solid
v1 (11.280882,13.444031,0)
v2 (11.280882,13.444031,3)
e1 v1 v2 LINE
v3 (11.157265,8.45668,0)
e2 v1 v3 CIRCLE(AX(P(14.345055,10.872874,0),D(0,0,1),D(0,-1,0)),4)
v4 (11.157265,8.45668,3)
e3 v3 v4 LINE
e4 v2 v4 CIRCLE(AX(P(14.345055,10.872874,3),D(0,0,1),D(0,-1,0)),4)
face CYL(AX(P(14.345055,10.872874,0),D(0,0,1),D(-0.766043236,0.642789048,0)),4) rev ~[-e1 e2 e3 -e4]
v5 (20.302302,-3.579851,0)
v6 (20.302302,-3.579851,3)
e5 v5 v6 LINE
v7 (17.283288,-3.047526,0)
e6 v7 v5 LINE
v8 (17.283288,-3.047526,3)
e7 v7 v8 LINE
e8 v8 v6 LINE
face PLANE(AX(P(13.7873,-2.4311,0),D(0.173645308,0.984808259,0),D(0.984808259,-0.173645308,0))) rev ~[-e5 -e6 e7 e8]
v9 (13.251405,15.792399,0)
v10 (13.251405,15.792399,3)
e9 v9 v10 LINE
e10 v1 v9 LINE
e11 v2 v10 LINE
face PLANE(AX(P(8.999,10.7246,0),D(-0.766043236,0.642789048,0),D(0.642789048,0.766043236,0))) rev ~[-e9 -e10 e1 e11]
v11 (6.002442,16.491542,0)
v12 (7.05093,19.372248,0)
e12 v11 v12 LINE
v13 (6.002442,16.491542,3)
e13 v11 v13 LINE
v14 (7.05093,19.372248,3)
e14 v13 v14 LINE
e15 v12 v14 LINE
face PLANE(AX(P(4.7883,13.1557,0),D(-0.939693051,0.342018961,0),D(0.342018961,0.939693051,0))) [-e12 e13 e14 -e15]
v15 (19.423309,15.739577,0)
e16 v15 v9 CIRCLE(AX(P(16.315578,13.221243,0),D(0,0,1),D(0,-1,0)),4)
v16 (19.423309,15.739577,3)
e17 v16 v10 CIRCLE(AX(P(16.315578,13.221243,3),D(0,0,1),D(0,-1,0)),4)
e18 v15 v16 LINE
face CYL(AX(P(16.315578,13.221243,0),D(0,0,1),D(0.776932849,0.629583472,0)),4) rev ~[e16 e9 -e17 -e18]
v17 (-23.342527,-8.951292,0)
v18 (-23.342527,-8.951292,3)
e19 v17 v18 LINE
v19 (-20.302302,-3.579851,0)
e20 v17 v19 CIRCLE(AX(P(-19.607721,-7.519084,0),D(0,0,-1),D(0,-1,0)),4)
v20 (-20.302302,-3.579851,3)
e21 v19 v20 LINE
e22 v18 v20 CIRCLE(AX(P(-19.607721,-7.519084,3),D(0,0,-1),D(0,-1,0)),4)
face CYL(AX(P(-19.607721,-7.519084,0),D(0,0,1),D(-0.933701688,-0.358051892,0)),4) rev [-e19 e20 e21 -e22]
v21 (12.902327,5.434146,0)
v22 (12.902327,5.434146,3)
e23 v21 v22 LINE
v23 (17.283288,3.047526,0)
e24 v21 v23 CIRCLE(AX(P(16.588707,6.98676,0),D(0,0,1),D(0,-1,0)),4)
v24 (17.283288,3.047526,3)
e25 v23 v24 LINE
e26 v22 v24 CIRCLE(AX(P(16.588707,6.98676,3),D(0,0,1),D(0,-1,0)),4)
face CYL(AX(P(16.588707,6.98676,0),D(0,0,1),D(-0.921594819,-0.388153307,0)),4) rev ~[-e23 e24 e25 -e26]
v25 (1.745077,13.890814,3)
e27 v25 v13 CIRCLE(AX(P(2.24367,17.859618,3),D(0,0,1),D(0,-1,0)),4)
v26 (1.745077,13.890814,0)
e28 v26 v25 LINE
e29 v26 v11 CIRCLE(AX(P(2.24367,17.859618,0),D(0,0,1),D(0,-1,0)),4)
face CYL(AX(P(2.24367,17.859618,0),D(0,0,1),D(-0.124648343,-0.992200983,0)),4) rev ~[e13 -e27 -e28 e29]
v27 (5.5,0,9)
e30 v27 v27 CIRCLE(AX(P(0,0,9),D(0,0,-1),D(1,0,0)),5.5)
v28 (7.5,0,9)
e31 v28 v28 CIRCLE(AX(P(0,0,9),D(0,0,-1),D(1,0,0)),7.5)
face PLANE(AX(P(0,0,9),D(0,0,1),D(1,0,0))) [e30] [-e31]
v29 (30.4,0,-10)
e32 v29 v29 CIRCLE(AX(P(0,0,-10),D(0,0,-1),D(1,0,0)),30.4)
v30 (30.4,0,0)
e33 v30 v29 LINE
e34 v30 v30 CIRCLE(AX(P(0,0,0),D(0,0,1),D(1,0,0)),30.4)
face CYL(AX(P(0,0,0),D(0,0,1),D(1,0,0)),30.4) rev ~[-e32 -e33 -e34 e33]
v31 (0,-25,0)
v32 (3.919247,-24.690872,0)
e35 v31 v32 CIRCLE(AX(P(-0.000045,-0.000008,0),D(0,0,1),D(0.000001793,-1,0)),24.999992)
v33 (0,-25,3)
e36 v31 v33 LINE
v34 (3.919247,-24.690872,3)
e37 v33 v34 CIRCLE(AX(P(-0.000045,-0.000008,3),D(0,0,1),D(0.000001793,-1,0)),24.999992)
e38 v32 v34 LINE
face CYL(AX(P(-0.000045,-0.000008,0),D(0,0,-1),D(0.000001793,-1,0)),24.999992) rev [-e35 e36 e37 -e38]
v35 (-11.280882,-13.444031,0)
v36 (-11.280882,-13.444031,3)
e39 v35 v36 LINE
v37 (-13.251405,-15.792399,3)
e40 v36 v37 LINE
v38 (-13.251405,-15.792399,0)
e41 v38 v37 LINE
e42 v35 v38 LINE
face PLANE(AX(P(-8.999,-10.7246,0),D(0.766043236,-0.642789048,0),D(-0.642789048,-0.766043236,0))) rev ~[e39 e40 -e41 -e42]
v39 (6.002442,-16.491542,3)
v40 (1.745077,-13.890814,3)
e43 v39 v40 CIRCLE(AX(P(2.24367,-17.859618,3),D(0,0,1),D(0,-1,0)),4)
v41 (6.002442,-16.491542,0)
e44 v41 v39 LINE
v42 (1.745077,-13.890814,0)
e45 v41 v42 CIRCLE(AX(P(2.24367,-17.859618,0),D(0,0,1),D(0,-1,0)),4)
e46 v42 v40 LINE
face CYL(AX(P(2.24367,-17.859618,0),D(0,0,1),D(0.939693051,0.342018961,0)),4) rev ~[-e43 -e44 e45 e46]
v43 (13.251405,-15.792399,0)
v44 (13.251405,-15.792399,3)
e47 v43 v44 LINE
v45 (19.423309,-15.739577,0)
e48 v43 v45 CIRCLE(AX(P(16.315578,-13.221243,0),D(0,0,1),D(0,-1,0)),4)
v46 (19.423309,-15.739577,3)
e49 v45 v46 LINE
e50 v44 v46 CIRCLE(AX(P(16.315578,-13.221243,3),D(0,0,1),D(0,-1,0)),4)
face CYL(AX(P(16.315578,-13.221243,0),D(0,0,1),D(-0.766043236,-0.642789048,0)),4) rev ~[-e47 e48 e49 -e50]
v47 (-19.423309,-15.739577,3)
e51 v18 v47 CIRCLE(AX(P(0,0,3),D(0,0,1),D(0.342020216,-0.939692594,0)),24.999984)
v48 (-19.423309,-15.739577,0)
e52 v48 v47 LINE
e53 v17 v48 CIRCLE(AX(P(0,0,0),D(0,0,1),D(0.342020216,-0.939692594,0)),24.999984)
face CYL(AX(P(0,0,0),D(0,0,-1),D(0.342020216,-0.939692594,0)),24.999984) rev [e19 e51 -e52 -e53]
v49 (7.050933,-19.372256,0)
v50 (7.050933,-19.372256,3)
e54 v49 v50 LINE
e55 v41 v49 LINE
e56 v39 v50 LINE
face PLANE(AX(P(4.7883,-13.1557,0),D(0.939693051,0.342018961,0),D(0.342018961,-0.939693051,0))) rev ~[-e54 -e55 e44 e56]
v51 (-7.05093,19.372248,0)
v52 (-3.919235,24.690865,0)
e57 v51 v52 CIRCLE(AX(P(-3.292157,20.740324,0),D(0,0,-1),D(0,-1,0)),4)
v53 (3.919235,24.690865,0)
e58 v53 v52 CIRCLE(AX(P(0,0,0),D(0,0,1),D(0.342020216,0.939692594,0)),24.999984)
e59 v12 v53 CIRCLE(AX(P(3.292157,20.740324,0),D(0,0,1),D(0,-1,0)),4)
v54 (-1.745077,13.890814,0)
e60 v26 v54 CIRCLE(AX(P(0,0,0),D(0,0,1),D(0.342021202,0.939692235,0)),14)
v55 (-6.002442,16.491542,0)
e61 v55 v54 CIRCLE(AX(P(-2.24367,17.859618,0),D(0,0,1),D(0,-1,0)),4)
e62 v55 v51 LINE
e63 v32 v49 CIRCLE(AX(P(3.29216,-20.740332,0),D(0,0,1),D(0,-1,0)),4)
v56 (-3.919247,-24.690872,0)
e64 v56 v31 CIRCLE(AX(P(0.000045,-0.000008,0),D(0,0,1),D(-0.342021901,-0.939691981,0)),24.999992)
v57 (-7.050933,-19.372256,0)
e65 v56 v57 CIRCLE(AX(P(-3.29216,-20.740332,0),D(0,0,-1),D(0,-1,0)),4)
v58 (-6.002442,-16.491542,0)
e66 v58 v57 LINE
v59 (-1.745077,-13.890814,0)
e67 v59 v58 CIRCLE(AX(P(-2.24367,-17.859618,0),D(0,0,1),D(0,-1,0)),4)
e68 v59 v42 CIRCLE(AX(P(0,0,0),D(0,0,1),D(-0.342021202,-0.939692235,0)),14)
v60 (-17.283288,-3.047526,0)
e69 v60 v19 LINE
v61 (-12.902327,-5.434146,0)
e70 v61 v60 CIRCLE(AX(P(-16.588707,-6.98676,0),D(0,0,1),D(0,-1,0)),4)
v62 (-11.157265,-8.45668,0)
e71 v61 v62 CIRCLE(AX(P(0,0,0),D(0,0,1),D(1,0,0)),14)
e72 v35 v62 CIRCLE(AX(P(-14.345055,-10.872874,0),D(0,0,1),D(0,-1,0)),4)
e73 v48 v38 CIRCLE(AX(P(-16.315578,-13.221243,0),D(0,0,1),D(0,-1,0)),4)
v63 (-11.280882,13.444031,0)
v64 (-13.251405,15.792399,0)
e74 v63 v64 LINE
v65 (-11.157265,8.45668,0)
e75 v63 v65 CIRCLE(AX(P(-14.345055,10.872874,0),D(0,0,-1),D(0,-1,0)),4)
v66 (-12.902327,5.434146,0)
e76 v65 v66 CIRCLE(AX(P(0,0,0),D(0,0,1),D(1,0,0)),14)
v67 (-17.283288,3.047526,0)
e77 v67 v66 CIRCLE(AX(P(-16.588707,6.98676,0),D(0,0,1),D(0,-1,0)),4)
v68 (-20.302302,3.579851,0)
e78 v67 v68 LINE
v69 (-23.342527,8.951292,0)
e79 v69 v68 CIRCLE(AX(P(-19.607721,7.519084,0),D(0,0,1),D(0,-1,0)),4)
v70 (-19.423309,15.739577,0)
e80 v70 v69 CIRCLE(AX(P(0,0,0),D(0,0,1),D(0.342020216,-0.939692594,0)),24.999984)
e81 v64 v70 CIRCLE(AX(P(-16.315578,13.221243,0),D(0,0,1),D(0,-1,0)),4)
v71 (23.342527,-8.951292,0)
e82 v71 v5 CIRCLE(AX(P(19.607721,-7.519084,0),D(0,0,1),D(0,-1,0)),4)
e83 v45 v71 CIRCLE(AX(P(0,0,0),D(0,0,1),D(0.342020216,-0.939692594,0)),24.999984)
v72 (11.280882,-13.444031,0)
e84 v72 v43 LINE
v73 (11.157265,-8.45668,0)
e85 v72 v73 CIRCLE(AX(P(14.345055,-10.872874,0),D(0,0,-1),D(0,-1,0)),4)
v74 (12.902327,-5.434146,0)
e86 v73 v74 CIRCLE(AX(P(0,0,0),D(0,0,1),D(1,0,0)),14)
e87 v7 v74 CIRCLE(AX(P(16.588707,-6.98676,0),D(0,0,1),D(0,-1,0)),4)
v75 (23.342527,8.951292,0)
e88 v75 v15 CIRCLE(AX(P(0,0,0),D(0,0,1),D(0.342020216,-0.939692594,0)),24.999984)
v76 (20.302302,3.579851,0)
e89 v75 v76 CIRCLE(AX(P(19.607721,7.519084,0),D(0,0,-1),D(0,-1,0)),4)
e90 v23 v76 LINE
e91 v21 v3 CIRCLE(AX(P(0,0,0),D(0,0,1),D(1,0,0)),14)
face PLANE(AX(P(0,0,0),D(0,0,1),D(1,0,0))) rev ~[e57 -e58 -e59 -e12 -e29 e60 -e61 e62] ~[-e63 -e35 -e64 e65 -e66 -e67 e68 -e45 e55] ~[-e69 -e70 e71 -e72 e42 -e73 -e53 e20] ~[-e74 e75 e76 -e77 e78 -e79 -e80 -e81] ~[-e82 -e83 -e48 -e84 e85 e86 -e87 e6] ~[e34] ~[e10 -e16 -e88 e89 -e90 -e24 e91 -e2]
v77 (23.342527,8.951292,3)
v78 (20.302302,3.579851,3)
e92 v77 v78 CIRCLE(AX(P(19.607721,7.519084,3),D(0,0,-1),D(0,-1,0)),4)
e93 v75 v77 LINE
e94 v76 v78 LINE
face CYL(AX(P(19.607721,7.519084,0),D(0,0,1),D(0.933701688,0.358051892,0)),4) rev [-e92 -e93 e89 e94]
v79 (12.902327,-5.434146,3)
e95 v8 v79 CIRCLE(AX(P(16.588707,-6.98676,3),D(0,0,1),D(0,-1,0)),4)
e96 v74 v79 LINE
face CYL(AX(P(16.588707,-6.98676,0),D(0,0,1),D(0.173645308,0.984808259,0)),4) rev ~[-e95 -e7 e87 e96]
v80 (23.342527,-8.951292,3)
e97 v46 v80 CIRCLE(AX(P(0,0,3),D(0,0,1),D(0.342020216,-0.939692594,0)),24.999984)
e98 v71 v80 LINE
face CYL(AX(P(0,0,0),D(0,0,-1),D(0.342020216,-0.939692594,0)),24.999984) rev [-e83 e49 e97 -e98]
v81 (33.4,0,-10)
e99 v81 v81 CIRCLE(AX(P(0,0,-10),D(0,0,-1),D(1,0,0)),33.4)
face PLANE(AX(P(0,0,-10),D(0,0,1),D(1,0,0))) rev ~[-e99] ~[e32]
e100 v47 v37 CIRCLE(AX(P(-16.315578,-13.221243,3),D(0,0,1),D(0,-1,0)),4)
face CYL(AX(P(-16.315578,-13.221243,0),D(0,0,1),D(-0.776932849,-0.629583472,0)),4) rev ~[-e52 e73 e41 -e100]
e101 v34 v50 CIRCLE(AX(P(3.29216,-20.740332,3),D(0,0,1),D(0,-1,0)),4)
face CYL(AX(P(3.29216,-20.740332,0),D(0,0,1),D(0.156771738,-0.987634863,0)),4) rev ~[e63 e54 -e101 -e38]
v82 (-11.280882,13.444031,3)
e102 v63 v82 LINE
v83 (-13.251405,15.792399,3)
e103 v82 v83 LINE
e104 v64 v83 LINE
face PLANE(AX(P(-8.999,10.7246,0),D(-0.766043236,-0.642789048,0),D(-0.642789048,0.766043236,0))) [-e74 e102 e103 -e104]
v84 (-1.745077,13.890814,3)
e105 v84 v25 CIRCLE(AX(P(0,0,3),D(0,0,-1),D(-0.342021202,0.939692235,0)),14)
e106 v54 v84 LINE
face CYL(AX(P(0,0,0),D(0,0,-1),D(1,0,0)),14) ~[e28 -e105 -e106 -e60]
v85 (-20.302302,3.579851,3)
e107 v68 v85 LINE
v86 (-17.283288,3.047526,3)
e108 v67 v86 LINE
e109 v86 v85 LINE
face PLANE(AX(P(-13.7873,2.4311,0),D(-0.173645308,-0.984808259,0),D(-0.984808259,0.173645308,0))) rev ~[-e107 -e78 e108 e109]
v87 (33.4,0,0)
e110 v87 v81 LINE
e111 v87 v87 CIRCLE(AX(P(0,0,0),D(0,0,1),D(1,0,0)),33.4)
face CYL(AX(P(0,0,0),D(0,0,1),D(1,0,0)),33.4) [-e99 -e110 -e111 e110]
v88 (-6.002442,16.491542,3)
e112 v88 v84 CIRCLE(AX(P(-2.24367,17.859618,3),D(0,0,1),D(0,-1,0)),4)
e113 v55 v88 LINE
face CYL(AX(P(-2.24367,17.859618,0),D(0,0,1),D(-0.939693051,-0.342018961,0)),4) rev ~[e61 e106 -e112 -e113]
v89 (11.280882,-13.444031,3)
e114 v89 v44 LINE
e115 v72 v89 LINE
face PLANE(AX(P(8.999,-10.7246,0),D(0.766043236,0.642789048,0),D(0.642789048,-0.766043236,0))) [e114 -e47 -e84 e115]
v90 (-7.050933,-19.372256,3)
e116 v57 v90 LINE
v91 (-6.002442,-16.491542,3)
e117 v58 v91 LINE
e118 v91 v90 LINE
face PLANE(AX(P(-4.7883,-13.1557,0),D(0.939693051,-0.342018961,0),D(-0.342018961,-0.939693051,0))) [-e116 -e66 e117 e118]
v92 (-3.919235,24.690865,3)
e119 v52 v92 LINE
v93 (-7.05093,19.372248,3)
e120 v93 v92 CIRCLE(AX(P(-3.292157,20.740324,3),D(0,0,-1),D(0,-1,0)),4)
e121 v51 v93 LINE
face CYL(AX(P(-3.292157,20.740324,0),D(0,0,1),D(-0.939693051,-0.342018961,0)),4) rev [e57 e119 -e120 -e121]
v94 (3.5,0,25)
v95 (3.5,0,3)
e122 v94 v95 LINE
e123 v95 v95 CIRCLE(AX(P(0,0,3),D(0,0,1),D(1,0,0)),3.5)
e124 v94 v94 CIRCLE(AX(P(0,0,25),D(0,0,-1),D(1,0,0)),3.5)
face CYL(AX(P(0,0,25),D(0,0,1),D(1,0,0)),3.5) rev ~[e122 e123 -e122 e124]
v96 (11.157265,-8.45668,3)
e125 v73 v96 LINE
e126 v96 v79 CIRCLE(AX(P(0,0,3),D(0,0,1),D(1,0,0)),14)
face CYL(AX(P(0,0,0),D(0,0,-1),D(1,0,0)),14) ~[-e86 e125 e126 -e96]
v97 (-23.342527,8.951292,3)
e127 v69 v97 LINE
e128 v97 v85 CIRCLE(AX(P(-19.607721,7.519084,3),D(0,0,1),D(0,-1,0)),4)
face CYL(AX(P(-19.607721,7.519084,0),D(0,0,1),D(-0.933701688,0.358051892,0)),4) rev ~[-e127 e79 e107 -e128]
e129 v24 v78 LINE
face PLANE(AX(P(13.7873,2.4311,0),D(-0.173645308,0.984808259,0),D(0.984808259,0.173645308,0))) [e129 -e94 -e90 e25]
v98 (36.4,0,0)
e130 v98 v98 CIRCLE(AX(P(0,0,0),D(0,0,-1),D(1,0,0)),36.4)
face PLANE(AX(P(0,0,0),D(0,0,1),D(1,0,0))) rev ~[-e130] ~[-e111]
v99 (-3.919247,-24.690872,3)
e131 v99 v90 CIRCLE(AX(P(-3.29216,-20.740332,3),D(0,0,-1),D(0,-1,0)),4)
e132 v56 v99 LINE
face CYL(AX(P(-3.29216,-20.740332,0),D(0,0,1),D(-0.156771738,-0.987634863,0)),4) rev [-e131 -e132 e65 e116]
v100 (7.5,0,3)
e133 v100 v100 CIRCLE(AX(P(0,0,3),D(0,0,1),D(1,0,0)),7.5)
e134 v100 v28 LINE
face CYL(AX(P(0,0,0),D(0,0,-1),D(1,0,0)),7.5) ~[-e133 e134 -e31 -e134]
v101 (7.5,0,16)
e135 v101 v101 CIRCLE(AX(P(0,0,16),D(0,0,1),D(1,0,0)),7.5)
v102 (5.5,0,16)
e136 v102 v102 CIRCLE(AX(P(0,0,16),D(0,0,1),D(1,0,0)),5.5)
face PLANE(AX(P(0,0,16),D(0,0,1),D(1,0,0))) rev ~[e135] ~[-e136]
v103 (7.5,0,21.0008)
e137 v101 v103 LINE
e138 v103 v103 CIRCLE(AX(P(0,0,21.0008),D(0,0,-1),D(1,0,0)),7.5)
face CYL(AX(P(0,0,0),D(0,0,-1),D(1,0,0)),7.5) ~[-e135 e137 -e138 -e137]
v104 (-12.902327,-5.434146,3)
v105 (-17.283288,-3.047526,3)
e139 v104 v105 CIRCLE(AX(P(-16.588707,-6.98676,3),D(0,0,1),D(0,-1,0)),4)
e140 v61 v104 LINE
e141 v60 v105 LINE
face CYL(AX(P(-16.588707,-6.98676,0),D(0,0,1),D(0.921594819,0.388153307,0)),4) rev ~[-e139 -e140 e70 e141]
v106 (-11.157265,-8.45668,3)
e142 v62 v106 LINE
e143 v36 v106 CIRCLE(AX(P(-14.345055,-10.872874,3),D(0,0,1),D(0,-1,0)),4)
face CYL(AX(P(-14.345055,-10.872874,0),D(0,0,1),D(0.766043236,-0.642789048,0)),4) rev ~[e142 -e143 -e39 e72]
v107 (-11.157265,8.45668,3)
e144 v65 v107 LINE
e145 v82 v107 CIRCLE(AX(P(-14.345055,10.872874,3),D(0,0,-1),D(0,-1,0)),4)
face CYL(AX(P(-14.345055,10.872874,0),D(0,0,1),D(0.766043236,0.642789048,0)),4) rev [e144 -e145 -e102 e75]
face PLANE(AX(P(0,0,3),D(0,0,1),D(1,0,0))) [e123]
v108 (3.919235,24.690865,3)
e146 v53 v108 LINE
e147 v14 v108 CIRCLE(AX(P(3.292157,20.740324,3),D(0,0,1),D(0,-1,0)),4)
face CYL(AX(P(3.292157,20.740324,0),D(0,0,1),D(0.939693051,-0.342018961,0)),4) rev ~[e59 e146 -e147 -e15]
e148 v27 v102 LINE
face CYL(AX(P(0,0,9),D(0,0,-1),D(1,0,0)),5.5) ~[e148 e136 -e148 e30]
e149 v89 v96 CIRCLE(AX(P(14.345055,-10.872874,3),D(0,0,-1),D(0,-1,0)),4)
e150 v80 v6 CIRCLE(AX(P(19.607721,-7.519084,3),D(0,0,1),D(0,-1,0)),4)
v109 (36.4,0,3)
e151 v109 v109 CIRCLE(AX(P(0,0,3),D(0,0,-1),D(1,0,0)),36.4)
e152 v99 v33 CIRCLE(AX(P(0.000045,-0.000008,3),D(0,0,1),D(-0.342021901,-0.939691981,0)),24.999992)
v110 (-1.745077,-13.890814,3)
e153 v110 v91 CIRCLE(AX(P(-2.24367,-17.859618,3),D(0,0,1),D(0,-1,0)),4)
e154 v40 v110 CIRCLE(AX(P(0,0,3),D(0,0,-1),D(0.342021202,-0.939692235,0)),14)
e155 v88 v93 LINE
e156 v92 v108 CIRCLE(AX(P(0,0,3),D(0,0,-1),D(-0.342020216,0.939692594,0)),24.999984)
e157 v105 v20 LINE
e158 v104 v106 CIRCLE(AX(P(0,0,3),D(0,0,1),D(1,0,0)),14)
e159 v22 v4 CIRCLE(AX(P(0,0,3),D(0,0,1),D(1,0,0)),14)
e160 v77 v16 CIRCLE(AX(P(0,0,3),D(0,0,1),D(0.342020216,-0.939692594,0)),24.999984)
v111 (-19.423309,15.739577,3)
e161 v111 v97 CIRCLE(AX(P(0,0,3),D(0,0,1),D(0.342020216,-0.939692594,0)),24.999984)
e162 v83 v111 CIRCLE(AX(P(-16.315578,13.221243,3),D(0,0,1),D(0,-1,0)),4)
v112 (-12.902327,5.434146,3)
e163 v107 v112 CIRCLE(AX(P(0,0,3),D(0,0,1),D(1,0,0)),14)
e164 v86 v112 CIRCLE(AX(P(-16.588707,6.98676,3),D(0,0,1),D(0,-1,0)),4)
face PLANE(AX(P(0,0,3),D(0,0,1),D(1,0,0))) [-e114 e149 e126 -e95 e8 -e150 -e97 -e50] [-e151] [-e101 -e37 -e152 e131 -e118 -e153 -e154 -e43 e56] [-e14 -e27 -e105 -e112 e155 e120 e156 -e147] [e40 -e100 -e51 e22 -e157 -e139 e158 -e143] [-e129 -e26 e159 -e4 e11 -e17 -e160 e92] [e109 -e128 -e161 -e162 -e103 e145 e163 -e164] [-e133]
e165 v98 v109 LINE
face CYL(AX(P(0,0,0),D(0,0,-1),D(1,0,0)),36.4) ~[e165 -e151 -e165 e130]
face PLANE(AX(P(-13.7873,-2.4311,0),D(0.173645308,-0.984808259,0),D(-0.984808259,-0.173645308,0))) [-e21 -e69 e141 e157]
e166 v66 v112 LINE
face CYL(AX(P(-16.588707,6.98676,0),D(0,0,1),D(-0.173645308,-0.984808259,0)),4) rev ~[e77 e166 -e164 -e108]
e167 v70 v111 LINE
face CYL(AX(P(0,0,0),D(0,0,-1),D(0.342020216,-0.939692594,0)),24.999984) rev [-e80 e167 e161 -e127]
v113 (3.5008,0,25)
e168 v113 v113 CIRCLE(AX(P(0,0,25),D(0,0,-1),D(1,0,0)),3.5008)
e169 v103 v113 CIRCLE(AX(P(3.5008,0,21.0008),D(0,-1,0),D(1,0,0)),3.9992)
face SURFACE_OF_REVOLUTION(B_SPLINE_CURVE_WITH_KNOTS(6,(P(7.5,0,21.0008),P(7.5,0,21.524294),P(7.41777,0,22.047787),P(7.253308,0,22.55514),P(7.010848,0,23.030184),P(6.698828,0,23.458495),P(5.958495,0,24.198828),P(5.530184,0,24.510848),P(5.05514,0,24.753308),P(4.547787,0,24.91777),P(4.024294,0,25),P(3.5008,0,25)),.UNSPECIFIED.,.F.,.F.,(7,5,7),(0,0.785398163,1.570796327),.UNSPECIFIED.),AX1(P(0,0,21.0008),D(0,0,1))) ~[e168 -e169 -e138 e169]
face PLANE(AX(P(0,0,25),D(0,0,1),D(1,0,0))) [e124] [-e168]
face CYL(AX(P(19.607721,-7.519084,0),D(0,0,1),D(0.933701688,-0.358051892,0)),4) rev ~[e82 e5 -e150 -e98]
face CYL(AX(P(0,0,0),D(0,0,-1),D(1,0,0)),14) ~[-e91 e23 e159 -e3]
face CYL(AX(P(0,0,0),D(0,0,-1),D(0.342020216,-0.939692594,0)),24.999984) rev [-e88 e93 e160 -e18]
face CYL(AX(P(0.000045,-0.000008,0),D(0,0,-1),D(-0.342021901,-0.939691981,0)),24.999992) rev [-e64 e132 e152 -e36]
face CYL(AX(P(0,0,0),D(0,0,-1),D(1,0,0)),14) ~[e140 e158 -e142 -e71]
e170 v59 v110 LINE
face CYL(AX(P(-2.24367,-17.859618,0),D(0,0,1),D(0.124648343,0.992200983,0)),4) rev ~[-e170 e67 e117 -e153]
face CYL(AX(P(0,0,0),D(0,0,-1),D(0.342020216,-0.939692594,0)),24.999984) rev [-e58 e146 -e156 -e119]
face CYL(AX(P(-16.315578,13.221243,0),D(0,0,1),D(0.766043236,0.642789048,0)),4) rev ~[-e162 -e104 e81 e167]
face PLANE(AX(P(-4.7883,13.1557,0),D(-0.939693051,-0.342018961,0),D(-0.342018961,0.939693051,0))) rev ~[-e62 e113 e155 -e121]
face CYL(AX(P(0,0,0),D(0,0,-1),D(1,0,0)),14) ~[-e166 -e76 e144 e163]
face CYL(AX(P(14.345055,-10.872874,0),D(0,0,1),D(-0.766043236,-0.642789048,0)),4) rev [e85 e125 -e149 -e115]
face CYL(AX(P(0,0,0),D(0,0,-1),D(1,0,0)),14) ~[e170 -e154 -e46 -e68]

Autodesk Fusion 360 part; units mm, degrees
sketch "Sketch1" plane through (0, 0, 0) normal (0, 0, 1) x (1, 0, 0)
  circle A0 centre (0, 0) radius 30.4
  circle A1 centre (0, 0) radius 33.4
  circle A2 centre (0, 0) radius 36.4
  circle A3 centre (0, 0) radius 7.5
  circle A4 centre (0, 0) radius 14
  line L0 (0, 0) -> (4.7883, -13.1557)
  line L1 (0, 0) -> (-4.7883, -13.1557)
  line L2 (0, -60) -> (0, 60)
  line L3 (4.7883, -13.1557) -> (8.5505, -23.4923)
  line L4 (-4.7883, -13.1557) -> (-8.5505, -23.4923)
  arc A5 (8.5505, -23.4923) -> (-8.5505, -23.4923) centre (0, 0) ccw
  arc A6 (-8.5505, -23.4923) -> (0, -25) centre (0, 0) ccw
  arc A7 (0, -25) -> (8.5505, -23.4923) centre (0, 0) ccw
  line L5 (13.7873, -2.4311) -> (24.6202, -4.3412)
  line L6 (8.999, -10.7246) -> (16.0697, -19.1511)
  line L7 (8.999, 10.7246) -> (16.0697, 19.1511)
  line L8 (13.7873, 2.4311) -> (24.6202, 4.3412)
  line L9 (-4.7883, 13.1557) -> (-8.5505, 23.4923)
  line L10 (4.7883, 13.1557) -> (8.5505, 23.4923)
  line L11 (-13.7873, 2.4311) -> (-24.6202, 4.3412)
  line L12 (-8.999, 10.7246) -> (-16.0697, 19.1511)
  line L13 (-8.999, -10.7246) -> (-16.0697, -19.1511)
  line L14 (-13.7873, -2.4311) -> (-24.6202, -4.3412)
  circle A8 centre (0, 0) radius 3.5
  circle A9 centre (0, 0) radius 5.5
  point P0 (0, 7.5)
  dimension "d1" = 60.8
  dimension "d2" = 3
  dimension "d3" = 3
  dimension "d4" = 15
  dimension "d11" = 28
  dimension "d12" = 50
  dimension "d13" = 40
  dimension "d15" = 20
  dimension "d17" = 360
  dimension "d22" = -4
  dimension "d34" = -2
extrude "Extrude1" add sketch "Sketch1" against normal blind 10 contours A0 A1 L2 | A0 A1 L2
extrude "Extrude2" add sketch "Sketch1" along normal blind 3
extrude "Extrude3" add sketch "Sketch1" along normal blind 25 contours A3 L1 L2 A9 | A3 L0 L2 A9 | A3 L0 L2 A9 | A3 L1 L2 A9 | L0 L2 A8 A9 | L1 L2 A8 A9 | L1 L2 A8 A9 | L0 L2 A8 A9 | L0 L2 A8 | L1 L2 A8 | L1 L2 A8 | L0 L2 A8
extrude "Extrude4" cut sketch "Sketch1" along normal blind 3 contours A4 L2 A5 L10 | A4 L2 A5 L9 | A4 L2 L4 A6 | A4 L2 L3 A7 | A4 A5 L7 L8 | A4 A5 L11 L12 | A4 A5 L13 L14 | A4 A5 L5 L6
fillet "Fillet1" radius 4 24 edges at (-16.0697, 19.1511, 1.5) (-24.6202, 4.3412, 1.5) (-13.7873, 2.4311, 1.5) (-8.999, 10.7246, 1.5) (-13.7873, -2.4311, 1.5) (-24.6202, -4.3412, 1.5) (-16.0697, -19.1511, 1.5) (-8.999, -10.7246, 1.5) (-4.7883, -13.1557, 1.5) (-8.5505, -23.4923, 1.5) (8.5505, -23.4923, 1.5) (4.7883, -13.1557, 1.5) (8.999, -10.7246, 1.5) (16.0697, -19.1511, 1.5) (24.6202, -4.3412, 1.5) (13.7873, -2.4311, 1.5) (24.6202, 4.3412, 1.5) (16.0697, 19.1511, 1.5) (13.7873, 2.4311, 1.5) (8.999, 10.7246, 1.5) (4.7883, 13.1557, 1.5) (8.5505, 23.4923, 1.5) (-4.7883, 13.1557, 1.5) (-8.5505, 23.4923, 1.5)
extrude "Extrude5" cut sketch "Sketch1" against normal up to surface (22 mm away) from surface at 25 contours L0 L2 A8 | L1 L2 A8 | L1 L2 A8 | L0 L2 A8
extrude "Extrude7" cut sketch "Sketch1" along normal blind 7 from surface at 9 contours A3 L1 L2 A9 | A3 L0 L2 A9 | A3 L0 L2 A9 | A3 L1 L2 A9
fillet "Fillet4" radius 4 1 edges at (-6.9925, -2.7121, 25)
